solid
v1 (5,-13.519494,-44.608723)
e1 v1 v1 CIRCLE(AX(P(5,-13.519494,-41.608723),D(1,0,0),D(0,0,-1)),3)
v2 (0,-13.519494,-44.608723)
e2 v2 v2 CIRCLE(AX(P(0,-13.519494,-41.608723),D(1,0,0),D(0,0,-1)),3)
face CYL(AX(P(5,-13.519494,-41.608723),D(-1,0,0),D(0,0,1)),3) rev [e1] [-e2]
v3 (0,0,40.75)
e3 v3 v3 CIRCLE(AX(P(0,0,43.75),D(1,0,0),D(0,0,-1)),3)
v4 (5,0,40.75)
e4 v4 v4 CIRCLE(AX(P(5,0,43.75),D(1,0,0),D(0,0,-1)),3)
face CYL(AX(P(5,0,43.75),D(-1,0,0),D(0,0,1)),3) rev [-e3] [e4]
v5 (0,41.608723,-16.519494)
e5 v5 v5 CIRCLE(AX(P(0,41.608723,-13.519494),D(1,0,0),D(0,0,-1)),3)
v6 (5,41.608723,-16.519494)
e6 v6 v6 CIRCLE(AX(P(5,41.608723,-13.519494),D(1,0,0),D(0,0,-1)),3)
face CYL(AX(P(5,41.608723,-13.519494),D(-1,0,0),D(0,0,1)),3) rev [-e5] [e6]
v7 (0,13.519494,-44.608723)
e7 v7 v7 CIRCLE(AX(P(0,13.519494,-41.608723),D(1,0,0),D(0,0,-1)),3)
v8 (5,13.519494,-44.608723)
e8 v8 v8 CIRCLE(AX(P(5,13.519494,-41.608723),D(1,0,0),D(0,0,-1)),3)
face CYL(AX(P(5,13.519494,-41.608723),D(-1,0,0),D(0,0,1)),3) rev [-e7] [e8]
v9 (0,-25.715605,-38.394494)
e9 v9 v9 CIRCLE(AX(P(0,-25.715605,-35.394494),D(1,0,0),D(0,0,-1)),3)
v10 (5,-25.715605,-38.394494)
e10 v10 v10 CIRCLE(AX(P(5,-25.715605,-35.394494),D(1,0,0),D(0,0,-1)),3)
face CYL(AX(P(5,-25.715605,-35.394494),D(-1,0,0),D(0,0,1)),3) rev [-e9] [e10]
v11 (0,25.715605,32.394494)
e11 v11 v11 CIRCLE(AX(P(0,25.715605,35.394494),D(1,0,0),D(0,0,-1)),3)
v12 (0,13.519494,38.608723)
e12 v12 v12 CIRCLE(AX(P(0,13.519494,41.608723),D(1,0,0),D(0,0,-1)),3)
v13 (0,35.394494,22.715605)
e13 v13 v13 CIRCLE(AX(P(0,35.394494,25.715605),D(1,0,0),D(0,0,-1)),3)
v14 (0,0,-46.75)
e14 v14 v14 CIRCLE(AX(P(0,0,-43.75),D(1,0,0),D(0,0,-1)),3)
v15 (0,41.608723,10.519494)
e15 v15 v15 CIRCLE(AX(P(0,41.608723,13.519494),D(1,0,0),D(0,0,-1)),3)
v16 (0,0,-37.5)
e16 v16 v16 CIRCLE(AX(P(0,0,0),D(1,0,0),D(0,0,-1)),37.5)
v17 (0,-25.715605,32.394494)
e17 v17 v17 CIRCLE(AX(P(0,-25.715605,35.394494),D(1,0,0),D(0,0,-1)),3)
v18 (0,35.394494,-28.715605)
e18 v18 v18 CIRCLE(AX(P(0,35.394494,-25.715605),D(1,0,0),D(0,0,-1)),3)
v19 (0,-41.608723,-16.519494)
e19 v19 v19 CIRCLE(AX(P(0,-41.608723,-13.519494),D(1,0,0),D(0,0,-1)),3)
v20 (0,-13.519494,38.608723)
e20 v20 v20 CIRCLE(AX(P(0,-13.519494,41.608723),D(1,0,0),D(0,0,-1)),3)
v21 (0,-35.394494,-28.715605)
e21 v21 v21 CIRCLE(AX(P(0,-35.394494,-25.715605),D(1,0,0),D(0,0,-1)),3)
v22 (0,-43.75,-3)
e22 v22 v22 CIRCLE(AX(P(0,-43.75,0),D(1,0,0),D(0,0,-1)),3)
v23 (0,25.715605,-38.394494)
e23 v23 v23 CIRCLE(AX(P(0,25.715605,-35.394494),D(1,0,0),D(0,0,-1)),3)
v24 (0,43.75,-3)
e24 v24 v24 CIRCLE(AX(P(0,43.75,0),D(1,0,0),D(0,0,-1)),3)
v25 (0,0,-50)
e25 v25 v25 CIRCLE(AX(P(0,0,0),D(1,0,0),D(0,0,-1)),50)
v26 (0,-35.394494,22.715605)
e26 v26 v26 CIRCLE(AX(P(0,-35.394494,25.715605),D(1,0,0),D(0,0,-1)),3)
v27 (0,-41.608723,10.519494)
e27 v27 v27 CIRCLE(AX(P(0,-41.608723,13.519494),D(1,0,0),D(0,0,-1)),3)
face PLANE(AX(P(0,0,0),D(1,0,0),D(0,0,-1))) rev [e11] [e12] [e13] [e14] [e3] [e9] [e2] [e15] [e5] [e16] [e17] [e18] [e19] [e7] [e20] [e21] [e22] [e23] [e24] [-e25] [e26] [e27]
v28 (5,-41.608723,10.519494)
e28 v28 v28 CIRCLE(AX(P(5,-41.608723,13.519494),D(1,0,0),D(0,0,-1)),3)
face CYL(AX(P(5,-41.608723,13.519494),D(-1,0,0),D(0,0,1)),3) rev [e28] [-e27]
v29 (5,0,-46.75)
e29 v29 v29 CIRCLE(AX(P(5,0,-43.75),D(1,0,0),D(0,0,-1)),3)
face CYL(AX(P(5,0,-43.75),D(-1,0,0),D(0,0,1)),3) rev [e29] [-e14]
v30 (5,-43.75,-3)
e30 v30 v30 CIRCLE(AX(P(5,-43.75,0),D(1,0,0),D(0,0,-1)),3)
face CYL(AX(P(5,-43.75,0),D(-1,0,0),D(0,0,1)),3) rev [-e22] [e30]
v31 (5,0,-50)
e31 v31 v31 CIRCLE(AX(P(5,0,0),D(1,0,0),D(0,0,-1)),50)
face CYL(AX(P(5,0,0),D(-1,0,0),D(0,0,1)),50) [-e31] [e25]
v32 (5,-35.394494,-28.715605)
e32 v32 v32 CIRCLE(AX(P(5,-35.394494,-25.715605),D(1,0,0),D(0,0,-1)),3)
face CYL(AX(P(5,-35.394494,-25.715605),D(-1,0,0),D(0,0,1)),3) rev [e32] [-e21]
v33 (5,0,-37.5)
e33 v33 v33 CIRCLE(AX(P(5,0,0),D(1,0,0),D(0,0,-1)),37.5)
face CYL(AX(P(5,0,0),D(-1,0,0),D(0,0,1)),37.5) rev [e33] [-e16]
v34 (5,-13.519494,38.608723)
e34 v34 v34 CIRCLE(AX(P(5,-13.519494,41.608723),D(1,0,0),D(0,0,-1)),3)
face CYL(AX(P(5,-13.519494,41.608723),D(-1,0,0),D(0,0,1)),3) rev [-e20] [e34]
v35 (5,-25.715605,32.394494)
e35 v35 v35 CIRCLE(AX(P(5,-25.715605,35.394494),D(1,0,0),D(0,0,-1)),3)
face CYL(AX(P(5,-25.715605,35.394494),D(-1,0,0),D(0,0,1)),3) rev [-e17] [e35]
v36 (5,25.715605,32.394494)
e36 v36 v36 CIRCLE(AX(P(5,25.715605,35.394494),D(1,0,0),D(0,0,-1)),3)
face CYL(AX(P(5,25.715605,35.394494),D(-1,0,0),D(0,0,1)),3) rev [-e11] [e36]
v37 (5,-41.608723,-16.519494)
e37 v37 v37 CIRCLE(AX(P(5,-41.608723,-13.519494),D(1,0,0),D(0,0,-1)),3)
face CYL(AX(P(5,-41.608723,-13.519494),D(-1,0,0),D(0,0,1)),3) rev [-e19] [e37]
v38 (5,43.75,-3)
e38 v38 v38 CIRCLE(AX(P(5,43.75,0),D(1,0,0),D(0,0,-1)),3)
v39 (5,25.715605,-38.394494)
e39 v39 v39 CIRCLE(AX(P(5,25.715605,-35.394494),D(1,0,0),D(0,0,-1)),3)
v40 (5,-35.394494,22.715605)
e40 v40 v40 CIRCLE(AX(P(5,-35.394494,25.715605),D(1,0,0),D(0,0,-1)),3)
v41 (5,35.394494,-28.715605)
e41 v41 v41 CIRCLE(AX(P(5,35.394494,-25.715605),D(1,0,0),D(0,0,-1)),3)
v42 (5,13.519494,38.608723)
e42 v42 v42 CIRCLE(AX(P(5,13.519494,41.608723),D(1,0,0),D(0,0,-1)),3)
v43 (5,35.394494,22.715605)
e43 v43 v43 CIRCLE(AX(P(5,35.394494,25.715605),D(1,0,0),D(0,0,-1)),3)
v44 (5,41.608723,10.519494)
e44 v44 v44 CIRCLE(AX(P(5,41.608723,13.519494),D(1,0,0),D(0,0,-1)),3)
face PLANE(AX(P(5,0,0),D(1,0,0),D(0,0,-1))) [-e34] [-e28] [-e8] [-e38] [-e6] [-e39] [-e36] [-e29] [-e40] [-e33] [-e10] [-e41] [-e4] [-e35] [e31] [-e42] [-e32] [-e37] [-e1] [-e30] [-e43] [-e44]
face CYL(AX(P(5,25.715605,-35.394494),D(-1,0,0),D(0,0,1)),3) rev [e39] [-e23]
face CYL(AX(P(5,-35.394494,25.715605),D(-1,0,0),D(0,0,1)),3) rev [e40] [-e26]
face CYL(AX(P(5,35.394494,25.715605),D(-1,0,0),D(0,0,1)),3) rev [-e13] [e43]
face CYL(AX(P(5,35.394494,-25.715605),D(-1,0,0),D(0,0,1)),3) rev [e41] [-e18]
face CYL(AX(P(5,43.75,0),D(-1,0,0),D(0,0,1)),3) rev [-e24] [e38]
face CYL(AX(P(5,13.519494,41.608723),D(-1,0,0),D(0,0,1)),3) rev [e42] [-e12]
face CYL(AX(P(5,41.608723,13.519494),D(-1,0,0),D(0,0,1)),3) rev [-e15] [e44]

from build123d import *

# Parameters (mm, degrees)
SKETCH_1_R      = 50
SKETCH_1_R_2    = 37.5
SKETCH_1_R_3    = 3
EXTRUDE_1_DEPTH = 5


with BuildPart() as part:
    # Эскиз1 → Бобышка-Вытянуть1 (new body)
    with BuildSketch(Plane(origin=(0, 0, 0), x_dir=(0, 0, -1), z_dir=(1, 0, 0))):
        Circle(SKETCH_1_R)
        Circle(SKETCH_1_R_2, mode=Mode.SUBTRACT)
        with Locations((0, 43.75)):
            Circle(SKETCH_1_R_3, mode=Mode.SUBTRACT)
        with Locations((13.519493504, 41.608722588)):
            Circle(SKETCH_1_R_3, mode=Mode.SUBTRACT)
        with Locations((25.715604788, 35.394493504)):
            Circle(SKETCH_1_R_3, mode=Mode.SUBTRACT)
        with Locations((35.394493504, 25.715604788)):
            Circle(SKETCH_1_R_3, mode=Mode.SUBTRACT)
        with Locations((41.608722588, 13.519493504)):
            Circle(SKETCH_1_R_3, mode=Mode.SUBTRACT)
        with Locations((43.75, 0)):
            Circle(SKETCH_1_R_3, mode=Mode.SUBTRACT)
        with Locations((41.608722588, -13.519493504)):
            Circle(SKETCH_1_R_3, mode=Mode.SUBTRACT)
        with Locations((35.394493504, -25.715604788)):
            Circle(SKETCH_1_R_3, mode=Mode.SUBTRACT)
        with Locations((25.715604788, -35.394493504)):
            Circle(SKETCH_1_R_3, mode=Mode.SUBTRACT)
        with Locations((13.519493504, -41.608722588)):
            Circle(SKETCH_1_R_3, mode=Mode.SUBTRACT)
        with Locations((0, -43.75)):
            Circle(SKETCH_1_R_3, mode=Mode.SUBTRACT)
        with Locations((-13.519493504, -41.608722588)):
            Circle(SKETCH_1_R_3, mode=Mode.SUBTRACT)
        with Locations((-25.715604788, -35.394493504)):
            Circle(SKETCH_1_R_3, mode=Mode.SUBTRACT)
        with Locations((-35.394493504, -25.715604788)):
            Circle(SKETCH_1_R_3, mode=Mode.SUBTRACT)
        with Locations((-41.608722588, -13.519493504)):
            Circle(SKETCH_1_R_3, mode=Mode.SUBTRACT)
        with Locations((-43.75, 0)):
            Circle(SKETCH_1_R_3, mode=Mode.SUBTRACT)
        with Locations((-41.608722588, 13.519493504)):
            Circle(SKETCH_1_R_3, mode=Mode.SUBTRACT)
        with Locations((-35.394493504, 25.715604788)):
            Circle(SKETCH_1_R_3, mode=Mode.SUBTRACT)
        with Locations((-25.715604788, 35.394493504)):
            Circle(SKETCH_1_R_3, mode=Mode.SUBTRACT)
        with Locations((-13.519493504, 41.608722588)):
            Circle(SKETCH_1_R_3, mode=Mode.SUBTRACT)
    extrude(amount=EXTRUDE_1_DEPTH)


solid = part.part
